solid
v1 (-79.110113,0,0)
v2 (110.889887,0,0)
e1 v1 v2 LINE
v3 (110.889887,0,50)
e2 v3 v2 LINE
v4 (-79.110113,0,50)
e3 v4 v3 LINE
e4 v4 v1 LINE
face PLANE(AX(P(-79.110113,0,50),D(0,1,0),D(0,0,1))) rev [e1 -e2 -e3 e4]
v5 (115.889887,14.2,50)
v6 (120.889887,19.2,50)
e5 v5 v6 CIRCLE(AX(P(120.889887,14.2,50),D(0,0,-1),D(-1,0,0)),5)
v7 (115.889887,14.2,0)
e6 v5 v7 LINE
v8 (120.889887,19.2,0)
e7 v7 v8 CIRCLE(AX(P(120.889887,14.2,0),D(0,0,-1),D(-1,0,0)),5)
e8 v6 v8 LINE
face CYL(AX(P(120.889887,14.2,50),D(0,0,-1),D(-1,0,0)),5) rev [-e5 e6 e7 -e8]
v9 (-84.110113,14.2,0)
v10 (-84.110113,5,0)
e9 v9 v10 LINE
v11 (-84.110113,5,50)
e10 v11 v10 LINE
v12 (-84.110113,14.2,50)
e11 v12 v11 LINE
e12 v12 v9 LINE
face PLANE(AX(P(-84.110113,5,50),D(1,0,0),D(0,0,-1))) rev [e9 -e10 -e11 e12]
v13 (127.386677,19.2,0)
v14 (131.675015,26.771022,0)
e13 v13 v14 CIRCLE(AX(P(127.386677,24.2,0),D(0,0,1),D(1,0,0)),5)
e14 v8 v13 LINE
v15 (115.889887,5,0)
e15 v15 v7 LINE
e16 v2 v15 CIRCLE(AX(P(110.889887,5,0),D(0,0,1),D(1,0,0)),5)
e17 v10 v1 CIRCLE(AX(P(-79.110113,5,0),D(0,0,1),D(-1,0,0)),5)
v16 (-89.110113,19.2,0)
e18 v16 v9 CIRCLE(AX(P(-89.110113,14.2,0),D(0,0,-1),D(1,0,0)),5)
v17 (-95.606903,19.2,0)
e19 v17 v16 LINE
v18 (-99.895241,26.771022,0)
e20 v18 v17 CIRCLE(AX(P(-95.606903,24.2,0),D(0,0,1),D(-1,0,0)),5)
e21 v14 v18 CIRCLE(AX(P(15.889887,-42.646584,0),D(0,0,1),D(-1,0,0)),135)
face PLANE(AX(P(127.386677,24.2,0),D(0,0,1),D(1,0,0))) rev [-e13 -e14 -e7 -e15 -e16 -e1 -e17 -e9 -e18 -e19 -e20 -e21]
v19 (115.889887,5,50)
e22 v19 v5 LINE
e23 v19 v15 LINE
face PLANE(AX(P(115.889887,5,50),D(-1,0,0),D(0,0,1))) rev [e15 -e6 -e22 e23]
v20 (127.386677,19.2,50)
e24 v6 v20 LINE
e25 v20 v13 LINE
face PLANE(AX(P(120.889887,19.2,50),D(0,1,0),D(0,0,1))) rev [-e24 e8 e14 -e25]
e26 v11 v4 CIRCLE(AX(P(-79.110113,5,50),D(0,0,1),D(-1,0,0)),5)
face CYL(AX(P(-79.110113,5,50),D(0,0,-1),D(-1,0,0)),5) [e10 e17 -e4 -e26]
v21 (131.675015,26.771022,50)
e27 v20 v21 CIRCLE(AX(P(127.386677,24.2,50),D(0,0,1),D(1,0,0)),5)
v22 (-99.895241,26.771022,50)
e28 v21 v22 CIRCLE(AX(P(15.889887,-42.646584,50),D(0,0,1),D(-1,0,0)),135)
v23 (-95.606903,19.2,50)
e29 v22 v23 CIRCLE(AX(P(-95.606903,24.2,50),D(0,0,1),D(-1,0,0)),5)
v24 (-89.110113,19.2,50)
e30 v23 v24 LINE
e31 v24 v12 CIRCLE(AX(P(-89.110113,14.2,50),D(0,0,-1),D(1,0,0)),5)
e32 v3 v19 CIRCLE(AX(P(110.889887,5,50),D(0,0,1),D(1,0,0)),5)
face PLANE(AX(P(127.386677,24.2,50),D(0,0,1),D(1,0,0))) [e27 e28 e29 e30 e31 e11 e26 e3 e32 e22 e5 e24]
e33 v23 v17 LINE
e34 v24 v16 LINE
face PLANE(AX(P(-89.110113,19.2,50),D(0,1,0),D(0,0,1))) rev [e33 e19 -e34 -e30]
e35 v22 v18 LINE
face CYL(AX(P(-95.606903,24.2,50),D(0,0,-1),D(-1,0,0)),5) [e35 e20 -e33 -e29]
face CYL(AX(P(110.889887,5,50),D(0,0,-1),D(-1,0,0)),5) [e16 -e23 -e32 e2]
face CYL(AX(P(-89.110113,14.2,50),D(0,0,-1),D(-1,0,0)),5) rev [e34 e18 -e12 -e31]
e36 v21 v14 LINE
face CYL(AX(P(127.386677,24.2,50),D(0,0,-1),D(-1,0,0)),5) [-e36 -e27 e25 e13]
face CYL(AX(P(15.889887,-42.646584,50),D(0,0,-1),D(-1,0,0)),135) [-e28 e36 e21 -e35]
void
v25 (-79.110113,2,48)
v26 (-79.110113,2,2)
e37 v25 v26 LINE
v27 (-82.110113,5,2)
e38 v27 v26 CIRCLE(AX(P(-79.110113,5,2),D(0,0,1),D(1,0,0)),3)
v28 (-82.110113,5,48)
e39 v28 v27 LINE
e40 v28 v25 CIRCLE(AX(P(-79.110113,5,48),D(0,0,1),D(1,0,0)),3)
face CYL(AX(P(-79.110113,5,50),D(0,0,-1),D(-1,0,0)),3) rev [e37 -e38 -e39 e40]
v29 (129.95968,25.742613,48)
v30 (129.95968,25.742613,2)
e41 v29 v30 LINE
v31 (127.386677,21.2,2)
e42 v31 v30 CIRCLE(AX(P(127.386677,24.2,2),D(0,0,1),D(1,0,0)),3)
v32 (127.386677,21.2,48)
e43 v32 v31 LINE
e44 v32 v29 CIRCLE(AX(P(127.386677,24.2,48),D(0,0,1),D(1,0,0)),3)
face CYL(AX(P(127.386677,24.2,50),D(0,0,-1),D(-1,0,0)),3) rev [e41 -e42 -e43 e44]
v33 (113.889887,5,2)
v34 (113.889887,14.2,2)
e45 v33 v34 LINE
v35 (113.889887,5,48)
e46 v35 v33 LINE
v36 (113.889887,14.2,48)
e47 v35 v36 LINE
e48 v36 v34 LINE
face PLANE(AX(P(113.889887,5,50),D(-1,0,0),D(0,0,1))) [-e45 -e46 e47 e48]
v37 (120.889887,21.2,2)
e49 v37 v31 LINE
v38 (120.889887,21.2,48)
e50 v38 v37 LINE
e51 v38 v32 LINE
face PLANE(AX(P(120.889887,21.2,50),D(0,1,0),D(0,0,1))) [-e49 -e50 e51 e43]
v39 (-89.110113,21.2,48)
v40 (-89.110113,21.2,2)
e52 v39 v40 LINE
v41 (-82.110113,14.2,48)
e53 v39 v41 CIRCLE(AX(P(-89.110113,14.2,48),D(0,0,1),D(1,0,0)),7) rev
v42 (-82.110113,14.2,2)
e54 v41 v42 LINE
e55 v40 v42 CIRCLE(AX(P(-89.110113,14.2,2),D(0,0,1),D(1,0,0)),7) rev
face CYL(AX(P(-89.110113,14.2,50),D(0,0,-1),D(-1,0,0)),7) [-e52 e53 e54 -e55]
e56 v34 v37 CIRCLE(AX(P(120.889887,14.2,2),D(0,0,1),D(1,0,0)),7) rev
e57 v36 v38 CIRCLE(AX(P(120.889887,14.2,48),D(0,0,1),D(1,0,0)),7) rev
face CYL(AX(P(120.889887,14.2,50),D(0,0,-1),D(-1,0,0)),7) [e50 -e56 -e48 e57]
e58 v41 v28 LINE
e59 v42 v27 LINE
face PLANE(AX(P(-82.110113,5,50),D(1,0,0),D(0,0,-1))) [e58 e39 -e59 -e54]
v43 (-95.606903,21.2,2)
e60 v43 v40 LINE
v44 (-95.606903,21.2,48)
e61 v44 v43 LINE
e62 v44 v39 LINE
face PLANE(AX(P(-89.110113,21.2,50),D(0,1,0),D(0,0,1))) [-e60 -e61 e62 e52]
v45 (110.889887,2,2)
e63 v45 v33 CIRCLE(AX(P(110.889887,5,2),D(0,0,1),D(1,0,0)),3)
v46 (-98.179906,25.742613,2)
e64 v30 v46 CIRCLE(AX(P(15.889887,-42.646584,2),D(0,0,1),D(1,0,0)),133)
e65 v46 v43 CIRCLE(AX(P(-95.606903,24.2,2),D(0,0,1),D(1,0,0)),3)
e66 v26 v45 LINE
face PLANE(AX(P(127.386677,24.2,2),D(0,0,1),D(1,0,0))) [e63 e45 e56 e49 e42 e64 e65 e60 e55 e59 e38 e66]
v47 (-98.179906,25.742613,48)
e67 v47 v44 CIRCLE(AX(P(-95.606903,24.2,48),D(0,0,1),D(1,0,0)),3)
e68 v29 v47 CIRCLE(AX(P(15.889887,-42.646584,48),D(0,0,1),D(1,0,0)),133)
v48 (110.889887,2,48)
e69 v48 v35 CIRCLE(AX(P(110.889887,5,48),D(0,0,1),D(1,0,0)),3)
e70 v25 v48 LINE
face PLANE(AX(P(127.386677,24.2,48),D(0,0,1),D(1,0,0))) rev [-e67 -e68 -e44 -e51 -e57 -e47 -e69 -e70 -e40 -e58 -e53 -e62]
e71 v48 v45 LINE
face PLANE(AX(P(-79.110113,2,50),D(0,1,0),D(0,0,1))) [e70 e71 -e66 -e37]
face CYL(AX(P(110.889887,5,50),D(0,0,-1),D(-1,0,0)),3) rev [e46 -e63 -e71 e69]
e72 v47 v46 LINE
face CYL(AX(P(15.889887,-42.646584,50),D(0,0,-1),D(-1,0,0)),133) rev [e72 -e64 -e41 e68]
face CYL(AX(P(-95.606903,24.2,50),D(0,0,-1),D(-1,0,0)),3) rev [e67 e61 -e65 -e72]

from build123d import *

# Parameters (mm, degrees)
BOSS_EXTRU_1_DEPTH = 50
COQUE1_T           = 2


with BuildPart() as part:
    # Esquisse1 → Boss.-Extru.1 (new body)
    with BuildSketch(Plane.XY):
        with BuildLine():
            Line((-79.110112943, 0), (110.889887057, 0))
            ThreePointArc((110.889887057, 0), (114.425420963, 1.464466094), (115.889887057, 5))
            Line((115.889887057, 5), (115.889887057, 14.2))
            ThreePointArc((115.889887057, 14.2), (117.354353151, 17.735533906), (120.889887057, 19.2))
            Line((120.889887057, 19.2), (127.386676949, 19.2))
            ThreePointArc((127.386676949, 19.2), (131.737258082, 21.735767095), (131.675015022, 26.771022476))
            ThreePointArc((131.675015022, 26.771022476), (15.889887057, 92.353415616), (-99.895240907, 26.771022476))
            ThreePointArc((-99.895240907, 26.771022476), (-99.957483967, 21.735767095), (-95.606902834, 19.2))
            Line((-95.606902834, 19.2), (-89.110112943, 19.2))
            ThreePointArc((-89.110112943, 19.2), (-85.574579037, 17.735533906), (-84.110112943, 14.2))
            Line((-84.110112943, 14.2), (-84.110112943, 5))
            ThreePointArc((-84.110112943, 5), (-82.645646849, 1.464466094), (-79.110112943, 0))
        make_face()
    extrude(amount=BOSS_EXTRU_1_DEPTH)

    # Coque1 (no face opened: a closed hollow body)
    add(offset(amount=-COQUE1_T, mode=Mode.PRIVATE), mode=Mode.SUBTRACT)


solid = part.part
